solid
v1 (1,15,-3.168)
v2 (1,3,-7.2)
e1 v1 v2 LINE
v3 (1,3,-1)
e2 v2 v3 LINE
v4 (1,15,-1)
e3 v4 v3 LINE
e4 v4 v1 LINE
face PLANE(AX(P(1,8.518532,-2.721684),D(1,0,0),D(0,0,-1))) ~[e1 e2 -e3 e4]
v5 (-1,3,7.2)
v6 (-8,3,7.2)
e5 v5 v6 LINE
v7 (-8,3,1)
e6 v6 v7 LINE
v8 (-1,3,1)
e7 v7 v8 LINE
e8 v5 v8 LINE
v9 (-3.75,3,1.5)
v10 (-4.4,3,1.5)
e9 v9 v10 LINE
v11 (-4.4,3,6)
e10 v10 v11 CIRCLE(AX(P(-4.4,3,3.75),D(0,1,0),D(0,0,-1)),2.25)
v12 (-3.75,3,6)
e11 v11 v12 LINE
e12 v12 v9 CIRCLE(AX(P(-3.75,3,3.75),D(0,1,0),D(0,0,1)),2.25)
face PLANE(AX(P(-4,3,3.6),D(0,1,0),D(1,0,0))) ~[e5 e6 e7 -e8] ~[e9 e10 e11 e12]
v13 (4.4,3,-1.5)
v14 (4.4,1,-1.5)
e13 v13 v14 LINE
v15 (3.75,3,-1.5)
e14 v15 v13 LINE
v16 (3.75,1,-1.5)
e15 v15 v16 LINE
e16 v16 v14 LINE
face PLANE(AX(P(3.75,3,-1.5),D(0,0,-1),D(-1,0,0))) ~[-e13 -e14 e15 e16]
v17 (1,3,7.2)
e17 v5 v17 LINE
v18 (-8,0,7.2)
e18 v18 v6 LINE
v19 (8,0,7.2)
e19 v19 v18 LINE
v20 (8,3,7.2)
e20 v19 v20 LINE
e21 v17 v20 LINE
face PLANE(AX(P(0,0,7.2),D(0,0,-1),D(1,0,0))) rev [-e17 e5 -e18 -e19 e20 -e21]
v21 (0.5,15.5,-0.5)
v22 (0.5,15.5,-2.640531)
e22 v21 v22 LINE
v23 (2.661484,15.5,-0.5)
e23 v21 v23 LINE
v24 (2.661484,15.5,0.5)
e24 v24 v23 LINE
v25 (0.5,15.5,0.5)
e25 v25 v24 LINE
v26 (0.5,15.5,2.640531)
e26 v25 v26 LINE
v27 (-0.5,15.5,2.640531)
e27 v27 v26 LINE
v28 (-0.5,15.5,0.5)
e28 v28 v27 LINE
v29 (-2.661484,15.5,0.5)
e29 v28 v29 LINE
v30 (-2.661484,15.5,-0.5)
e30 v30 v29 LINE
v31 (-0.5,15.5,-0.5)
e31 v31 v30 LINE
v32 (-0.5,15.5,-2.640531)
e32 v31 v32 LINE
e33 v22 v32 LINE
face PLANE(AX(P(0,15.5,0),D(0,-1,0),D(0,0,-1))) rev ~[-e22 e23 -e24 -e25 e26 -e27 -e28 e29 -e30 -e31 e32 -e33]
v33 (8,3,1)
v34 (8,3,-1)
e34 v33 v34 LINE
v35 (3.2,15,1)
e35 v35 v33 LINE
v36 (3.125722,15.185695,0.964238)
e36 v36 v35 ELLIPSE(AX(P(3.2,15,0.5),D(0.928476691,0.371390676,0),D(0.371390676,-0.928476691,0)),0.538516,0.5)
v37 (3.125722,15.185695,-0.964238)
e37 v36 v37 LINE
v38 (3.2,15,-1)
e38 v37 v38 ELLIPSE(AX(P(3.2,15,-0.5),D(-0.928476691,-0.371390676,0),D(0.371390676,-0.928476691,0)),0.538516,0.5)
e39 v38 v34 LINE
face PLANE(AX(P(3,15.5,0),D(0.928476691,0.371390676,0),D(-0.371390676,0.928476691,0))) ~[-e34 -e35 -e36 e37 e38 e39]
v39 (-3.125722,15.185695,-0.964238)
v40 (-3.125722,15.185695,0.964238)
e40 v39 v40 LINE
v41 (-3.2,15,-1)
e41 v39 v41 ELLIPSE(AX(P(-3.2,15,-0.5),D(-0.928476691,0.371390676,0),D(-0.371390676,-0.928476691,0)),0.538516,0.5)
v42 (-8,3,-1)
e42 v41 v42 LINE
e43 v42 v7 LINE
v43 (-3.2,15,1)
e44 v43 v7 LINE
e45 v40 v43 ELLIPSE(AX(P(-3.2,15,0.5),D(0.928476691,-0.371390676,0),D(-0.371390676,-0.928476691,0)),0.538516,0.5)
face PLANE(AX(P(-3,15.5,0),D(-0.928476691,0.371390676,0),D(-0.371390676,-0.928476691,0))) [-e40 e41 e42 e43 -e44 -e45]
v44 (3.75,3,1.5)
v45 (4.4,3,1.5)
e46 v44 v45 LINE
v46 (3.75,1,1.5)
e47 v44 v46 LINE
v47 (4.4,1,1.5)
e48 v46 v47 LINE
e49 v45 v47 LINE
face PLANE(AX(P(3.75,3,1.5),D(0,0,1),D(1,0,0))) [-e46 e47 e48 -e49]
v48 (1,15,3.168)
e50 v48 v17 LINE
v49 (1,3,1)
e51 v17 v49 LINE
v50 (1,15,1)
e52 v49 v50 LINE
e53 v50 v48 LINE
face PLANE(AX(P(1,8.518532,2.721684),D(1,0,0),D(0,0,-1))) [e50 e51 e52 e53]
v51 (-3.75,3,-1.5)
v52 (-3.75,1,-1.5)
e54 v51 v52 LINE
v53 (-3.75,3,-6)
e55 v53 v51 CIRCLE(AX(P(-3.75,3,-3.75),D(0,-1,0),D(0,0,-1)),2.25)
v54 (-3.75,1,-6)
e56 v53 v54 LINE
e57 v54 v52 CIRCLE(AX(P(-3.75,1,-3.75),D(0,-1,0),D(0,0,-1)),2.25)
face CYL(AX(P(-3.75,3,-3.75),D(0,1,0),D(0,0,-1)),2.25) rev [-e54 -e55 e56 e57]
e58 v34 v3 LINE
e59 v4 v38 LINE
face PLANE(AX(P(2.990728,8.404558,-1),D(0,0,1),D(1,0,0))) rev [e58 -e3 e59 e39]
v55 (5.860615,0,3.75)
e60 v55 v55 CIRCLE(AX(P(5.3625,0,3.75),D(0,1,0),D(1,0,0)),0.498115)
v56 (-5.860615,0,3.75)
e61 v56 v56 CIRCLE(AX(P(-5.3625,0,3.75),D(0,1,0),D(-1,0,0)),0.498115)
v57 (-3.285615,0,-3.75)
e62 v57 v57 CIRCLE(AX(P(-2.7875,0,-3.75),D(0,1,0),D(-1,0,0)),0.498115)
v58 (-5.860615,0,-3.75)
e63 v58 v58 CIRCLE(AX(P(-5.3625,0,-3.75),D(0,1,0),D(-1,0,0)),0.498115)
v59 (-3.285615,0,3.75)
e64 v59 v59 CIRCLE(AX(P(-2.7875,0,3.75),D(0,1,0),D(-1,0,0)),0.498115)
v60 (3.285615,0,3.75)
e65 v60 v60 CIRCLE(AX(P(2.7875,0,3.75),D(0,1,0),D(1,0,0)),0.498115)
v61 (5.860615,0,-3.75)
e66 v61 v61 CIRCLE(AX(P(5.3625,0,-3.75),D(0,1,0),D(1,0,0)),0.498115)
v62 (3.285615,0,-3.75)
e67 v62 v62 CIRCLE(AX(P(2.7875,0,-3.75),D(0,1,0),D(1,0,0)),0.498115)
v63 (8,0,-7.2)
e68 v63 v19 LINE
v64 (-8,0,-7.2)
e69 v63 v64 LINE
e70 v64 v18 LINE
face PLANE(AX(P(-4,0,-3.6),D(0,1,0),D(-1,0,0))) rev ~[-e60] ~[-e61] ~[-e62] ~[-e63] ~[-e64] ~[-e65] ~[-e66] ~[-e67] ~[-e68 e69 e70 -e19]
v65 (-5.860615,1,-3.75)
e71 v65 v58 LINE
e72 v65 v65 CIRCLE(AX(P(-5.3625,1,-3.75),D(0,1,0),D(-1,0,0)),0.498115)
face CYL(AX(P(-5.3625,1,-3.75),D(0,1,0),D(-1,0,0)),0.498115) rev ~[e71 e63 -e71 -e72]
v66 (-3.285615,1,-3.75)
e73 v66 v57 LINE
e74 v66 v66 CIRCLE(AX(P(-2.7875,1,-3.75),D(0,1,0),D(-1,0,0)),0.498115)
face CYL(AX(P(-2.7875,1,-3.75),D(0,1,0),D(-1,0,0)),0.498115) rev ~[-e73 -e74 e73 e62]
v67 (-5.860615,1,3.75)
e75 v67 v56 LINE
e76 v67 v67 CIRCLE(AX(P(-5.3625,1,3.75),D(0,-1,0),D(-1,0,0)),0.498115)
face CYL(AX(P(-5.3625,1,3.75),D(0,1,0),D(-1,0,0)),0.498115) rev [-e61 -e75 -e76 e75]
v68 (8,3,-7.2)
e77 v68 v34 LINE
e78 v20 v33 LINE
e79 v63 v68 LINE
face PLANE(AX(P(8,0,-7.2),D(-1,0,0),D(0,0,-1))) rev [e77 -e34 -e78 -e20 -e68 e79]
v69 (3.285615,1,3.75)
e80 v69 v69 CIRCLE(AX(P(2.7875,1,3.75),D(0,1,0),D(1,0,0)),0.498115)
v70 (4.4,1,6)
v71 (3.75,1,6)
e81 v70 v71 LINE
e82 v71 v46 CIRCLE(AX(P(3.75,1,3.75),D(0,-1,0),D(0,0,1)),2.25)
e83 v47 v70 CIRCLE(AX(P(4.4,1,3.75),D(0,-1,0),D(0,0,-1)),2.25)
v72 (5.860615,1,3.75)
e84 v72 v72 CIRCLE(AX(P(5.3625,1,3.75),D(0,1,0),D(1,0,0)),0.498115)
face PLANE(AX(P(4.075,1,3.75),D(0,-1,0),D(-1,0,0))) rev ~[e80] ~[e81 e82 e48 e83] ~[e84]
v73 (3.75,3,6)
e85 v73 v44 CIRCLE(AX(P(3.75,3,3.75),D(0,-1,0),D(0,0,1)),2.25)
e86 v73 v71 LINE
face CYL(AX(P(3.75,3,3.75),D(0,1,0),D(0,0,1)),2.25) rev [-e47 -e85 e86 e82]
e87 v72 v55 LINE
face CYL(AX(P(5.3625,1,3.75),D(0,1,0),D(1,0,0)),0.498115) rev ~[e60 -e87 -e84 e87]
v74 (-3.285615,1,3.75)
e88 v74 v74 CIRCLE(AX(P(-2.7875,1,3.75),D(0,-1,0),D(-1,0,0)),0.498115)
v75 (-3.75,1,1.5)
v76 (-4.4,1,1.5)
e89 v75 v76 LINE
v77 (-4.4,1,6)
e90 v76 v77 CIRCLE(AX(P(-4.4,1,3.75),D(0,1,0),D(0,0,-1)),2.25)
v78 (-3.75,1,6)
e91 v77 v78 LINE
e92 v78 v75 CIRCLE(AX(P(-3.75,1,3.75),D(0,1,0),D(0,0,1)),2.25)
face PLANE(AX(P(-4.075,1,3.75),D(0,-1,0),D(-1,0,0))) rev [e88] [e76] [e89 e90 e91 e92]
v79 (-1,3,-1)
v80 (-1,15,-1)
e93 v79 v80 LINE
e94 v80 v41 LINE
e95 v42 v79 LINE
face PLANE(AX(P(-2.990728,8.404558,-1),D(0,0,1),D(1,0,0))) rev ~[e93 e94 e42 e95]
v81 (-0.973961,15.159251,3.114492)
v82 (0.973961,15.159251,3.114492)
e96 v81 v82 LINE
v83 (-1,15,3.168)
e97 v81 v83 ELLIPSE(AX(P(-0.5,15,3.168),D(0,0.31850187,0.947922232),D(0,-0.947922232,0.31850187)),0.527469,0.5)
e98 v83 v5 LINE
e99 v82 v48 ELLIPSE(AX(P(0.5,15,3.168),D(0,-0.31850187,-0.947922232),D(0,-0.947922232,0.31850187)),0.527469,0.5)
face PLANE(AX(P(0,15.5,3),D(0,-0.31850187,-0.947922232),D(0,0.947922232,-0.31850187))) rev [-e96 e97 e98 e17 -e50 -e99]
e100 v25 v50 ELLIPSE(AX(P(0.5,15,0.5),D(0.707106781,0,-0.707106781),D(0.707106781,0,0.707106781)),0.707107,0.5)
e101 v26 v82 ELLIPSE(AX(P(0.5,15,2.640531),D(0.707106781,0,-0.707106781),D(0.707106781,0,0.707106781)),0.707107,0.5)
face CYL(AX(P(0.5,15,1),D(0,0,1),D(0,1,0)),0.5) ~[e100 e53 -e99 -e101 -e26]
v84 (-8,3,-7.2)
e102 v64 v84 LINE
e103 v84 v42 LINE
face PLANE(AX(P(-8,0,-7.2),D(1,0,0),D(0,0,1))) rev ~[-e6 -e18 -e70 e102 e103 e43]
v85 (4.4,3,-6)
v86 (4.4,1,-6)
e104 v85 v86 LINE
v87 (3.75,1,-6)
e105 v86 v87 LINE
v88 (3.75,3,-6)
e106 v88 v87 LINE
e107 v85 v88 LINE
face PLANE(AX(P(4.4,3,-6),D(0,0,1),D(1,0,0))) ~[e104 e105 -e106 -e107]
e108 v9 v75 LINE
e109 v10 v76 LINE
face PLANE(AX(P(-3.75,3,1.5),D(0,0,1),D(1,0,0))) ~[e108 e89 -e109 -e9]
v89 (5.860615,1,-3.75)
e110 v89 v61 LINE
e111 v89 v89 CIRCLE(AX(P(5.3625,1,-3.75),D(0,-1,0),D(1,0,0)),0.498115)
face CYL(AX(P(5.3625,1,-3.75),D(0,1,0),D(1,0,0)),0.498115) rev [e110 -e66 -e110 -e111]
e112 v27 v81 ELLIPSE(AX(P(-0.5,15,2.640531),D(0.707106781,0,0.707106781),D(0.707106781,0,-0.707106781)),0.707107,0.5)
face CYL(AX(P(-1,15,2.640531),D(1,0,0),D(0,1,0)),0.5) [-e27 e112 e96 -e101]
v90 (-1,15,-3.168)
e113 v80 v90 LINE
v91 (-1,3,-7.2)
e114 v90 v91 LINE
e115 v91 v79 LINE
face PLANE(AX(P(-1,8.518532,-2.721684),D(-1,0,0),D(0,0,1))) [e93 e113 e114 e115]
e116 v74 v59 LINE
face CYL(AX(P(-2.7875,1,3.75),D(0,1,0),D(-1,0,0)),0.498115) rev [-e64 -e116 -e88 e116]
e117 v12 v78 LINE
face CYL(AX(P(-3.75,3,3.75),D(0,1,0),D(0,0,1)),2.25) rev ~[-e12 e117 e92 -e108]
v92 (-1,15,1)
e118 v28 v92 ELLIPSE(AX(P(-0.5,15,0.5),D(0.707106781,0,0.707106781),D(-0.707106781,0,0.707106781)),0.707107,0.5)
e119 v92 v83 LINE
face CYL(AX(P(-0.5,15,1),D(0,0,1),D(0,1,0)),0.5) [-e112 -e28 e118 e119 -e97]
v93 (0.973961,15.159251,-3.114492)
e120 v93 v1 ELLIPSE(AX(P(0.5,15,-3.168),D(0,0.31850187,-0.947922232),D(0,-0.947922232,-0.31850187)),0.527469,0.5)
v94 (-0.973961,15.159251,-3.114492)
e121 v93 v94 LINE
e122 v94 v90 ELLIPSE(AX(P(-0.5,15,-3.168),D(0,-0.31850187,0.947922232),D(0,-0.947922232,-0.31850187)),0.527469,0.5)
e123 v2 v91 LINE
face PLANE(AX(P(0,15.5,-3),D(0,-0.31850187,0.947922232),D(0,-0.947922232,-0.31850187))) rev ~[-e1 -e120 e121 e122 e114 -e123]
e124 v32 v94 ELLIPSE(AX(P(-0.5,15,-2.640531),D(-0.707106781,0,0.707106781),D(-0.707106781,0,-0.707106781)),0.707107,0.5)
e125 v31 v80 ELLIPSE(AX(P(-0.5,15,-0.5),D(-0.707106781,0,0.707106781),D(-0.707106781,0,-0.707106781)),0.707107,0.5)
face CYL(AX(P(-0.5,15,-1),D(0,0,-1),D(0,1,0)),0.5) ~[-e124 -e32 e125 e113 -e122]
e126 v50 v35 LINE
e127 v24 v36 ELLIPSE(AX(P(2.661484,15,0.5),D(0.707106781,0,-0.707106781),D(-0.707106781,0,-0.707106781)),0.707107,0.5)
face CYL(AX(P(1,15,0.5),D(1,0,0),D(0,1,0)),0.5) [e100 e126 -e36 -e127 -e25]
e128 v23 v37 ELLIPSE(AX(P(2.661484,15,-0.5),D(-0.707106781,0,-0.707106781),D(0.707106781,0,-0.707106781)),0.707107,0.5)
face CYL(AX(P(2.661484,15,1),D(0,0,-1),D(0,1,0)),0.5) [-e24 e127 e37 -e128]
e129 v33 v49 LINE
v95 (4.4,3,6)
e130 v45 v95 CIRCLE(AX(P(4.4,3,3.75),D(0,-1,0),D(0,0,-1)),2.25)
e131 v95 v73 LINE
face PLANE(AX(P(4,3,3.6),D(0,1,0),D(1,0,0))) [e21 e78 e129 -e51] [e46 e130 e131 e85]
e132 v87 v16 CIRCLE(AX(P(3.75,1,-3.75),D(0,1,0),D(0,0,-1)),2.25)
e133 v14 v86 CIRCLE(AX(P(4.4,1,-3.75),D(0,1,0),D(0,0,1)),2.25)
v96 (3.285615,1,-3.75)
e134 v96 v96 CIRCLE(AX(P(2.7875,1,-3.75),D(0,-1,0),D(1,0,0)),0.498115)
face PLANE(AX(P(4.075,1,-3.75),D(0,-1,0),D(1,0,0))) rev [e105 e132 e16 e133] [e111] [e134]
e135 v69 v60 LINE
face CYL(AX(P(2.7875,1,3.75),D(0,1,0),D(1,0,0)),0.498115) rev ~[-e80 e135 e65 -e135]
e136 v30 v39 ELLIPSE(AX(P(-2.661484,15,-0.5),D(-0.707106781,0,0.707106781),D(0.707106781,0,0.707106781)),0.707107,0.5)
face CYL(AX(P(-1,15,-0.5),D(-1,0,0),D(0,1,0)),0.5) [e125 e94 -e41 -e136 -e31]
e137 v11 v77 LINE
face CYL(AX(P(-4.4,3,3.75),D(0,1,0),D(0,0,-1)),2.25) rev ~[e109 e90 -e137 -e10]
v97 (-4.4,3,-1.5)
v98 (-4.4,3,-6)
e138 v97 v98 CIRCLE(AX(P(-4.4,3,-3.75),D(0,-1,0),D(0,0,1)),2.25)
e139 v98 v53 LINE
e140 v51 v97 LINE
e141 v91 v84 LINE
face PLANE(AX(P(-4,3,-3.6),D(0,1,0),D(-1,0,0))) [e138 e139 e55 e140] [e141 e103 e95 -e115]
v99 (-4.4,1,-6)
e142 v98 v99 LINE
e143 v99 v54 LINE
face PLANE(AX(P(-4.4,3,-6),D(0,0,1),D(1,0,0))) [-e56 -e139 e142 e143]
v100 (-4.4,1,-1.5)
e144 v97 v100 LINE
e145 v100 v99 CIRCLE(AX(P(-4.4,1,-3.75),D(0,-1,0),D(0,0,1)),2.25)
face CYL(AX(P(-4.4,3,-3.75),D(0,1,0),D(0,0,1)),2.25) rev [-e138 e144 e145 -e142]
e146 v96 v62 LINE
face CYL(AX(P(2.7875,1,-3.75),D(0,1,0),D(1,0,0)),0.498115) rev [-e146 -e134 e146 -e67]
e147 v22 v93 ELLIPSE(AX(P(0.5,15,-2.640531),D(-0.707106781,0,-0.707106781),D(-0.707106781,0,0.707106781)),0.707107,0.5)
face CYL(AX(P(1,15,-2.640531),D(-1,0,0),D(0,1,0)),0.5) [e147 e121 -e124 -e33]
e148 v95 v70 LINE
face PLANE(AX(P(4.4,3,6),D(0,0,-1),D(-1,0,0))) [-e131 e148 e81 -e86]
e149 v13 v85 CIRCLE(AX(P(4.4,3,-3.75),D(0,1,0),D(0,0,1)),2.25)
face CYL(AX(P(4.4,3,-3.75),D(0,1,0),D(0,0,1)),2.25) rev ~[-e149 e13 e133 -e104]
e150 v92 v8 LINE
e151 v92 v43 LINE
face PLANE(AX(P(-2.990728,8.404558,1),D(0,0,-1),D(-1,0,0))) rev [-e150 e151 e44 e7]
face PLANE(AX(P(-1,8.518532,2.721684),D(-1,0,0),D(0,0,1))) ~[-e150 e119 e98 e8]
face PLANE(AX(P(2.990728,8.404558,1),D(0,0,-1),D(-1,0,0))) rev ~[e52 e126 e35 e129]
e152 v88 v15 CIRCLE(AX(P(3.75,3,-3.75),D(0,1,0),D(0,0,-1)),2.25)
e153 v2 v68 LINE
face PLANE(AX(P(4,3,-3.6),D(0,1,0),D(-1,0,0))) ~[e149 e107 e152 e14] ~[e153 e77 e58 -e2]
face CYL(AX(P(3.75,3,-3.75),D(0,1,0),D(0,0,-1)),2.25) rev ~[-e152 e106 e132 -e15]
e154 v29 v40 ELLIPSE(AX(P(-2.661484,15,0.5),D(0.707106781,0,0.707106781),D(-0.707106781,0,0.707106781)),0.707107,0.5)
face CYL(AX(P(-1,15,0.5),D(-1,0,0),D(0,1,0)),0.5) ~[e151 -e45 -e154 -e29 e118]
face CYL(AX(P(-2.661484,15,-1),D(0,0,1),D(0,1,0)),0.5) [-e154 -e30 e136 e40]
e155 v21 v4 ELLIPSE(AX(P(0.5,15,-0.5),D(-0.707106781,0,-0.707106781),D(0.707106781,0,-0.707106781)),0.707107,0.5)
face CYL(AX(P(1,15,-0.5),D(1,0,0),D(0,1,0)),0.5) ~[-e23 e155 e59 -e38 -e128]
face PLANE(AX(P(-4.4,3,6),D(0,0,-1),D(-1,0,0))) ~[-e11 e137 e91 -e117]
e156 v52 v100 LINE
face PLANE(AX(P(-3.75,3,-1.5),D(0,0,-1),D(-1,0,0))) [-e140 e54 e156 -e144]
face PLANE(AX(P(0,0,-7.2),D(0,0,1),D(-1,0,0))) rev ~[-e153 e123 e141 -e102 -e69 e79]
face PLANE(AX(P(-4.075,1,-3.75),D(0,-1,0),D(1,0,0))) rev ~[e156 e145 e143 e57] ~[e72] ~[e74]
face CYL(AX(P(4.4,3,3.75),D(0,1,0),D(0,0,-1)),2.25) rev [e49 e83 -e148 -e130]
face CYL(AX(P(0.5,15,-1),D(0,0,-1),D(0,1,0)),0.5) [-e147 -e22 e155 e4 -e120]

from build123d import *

# Parameters (mm, degrees)
SKETCH1_W                = 8
SKETCH1_H                = 7.2
BOSS_EXTRUDE1_DEPTH      = 3
CUT_EXTRUDE1_DEPTH       = 2
SKETCH3_R                = 0.49811532
CUT_EXTRUDE2_DEPTH       = 2
BOSS_EXTRUDE2_DEPTH      = 1
BOSS_EXTRUDE3_DEPTH      = 1
MIRROR22_COPY_1_SKETCH_W = 8
MIRROR22_COPY_1_SKETCH_H = 7.2
MIRROR22_COPY_1_DEPTH    = 3
MIRROR22_COPY_2_DEPTH    = 2
MIRROR22_COPY_3_SKETCH_R = 0.49811532
MIRROR22_COPY_3_DEPTH    = 2
MIRROR22_COPY_4_DEPTH    = 1
MIRROR22_COPY_5_DEPTH    = 1
MIRROR22_COPY_6_DEPTH    = 1
MIRROR22_COPY_7_DEPTH    = 1
FILLET6_R                = 0.5


with BuildPart() as part:
    # Sketch1 → Boss-Extrude1 (new body)
    with BuildSketch(Plane(origin=(0, 0, 0), x_dir=(1, 0, 0), z_dir=(0, 1, 0))):
        with Locations((4, -3.6)):
            Rectangle(SKETCH1_W, SKETCH1_H)
    boss_extrude1 = extrude(amount=BOSS_EXTRUDE1_DEPTH)

    # Sketch2 → Cut-Extrude1 (cut)
    with BuildSketch(Plane(origin=(0, 3, 0), x_dir=(1, 0, 0), z_dir=(0, 1, 0))):
        with BuildLine():
            Line((3.75, -1.5), (4.4, -1.5))
            ThreePointArc((4.4, -1.5), (6.65, -3.75), (4.4, -6))
            Line((4.4, -6), (3.75, -6))
            ThreePointArc((3.75, -6), (1.5, -3.75), (3.75, -1.5))
        make_face()
    cut_extrude1 = extrude(amount=-CUT_EXTRUDE1_DEPTH, mode=Mode.SUBTRACT)

    # Sketch3 → Cut-Extrude2 (cut, through all)
    with BuildSketch(Plane(origin=(0, 1, 0), x_dir=(1, 0, 0), z_dir=(0, 1, 0))):
        with Locations((2.7875, -3.75)):
            Circle(SKETCH3_R)
        with Locations((5.3625, -3.75)):
            Circle(SKETCH3_R)
    cut_extrude2 = extrude(amount=-CUT_EXTRUDE2_DEPTH, mode=Mode.SUBTRACT)

    # Sketch4 → Boss-Extrude2 (add)
    with BuildSketch(Plane.ZY):
        Polygon((0, 3), (0, 15.5), (3, 15.5), (7.2, 3), align=None)
    boss_extrude2 = extrude(amount=-BOSS_EXTRUDE2_DEPTH)

    # Sketch7 → Boss-Extrude3 (add)
    with BuildSketch(Plane(origin=(0, 0, 0), x_dir=(-1, 0, 0), z_dir=(0, 0, -1))):
        Polygon((0, 15.5), (-3, 15.5), (-8, 3), (0, 3), align=None)
    boss_extrude3 = extrude(amount=-BOSS_EXTRUDE3_DEPTH)

    # Mirror16: Boss-Extrude1, Cut-Extrude1, Cut-Extrude2, Boss-Extrude2, Boss-Extrude3 across plane
    add(boss_extrude1.mirror(Plane(origin=(0, 3, 0), x_dir=(0, 0, 1), z_dir=(1, 0, 0))))
    add(cut_extrude1.mirror(Plane(origin=(0, 3, 0), x_dir=(0, 0, 1), z_dir=(1, 0, 0))), mode=Mode.SUBTRACT)
    add(cut_extrude2.mirror(Plane(origin=(0, 3, 0), x_dir=(0, 0, 1), z_dir=(1, 0, 0))), mode=Mode.SUBTRACT)
    add(boss_extrude2.mirror(Plane(origin=(0, 3, 0), x_dir=(0, 0, 1), z_dir=(1, 0, 0))))
    add(boss_extrude3.mirror(Plane(origin=(0, 3, 0), x_dir=(0, 0, 1), z_dir=(1, 0, 0))))

    # Mirror21: Boss-Extrude1, Cut-Extrude1, Cut-Extrude2, Boss-Extrude2, Boss-Extrude3 across plane
    add(boss_extrude1.mirror(Plane(origin=(0, 3, 0), x_dir=(1, 0, 0), z_dir=(0, 0, 1))))
    add(cut_extrude1.mirror(Plane(origin=(0, 3, 0), x_dir=(1, 0, 0), z_dir=(0, 0, 1))), mode=Mode.SUBTRACT)
    add(cut_extrude2.mirror(Plane(origin=(0, 3, 0), x_dir=(1, 0, 0), z_dir=(0, 0, 1))), mode=Mode.SUBTRACT)
    add(boss_extrude2.mirror(Plane(origin=(0, 3, 0), x_dir=(1, 0, 0), z_dir=(0, 0, 1))))
    add(boss_extrude3.mirror(Plane(origin=(0, 3, 0), x_dir=(1, 0, 0), z_dir=(0, 0, 1))))

    # Mirror22: Boss-Extrude1, Cut-Extrude1, Cut-Extrude2 across plane
    add(boss_extrude1.mirror(Plane(origin=(0, 3, 0), x_dir=(0, 0, 1), z_dir=(-1, 0, 0))))
    add(cut_extrude1.mirror(Plane(origin=(0, 3, 0), x_dir=(0, 0, 1), z_dir=(-1, 0, 0))), mode=Mode.SUBTRACT)
    add(cut_extrude2.mirror(Plane(origin=(0, 3, 0), x_dir=(0, 0, 1), z_dir=(-1, 0, 0))), mode=Mode.SUBTRACT)

    # Mirror22 copy 1 sketch → Mirror22 copy 1 (add)
    with BuildSketch(Plane(origin=(0, 0, 0), x_dir=(-1, 0, 0), z_dir=(0, 1, 0))):
        with Locations((4, -3.6)):
            Rectangle(MIRROR22_COPY_1_SKETCH_W, MIRROR22_COPY_1_SKETCH_H)
    extrude(amount=MIRROR22_COPY_1_DEPTH)

    # Mirror22 copy 2 sketch → Mirror22 copy 2 (cut)
    with BuildSketch(Plane(origin=(0, 3, 0), x_dir=(-1, 0, 0), z_dir=(0, 1, 0))):
        with BuildLine():
            Line((3.75, -1.5), (4.4, -1.5))
            ThreePointArc((4.4, -1.5), (6.65, -3.75), (4.4, -6))
            Line((4.4, -6), (3.75, -6))
            ThreePointArc((3.75, -6), (1.5, -3.75), (3.75, -1.5))
        make_face()
    extrude(amount=-MIRROR22_COPY_2_DEPTH, mode=Mode.SUBTRACT)

    # Mirror22 copy 3 sketch → Mirror22 copy 3 (cut, through all)
    with BuildSketch(Plane(origin=(0, 1, 0), x_dir=(-1, 0, 0), z_dir=(0, 1, 0))):
        with Locations((2.7875, -3.75)):
            Circle(MIRROR22_COPY_3_SKETCH_R)
        with Locations((5.3625, -3.75)):
            Circle(MIRROR22_COPY_3_SKETCH_R)
    extrude(amount=-MIRROR22_COPY_3_DEPTH, mode=Mode.SUBTRACT)

    # Mirror22 copy 4 sketch → Mirror22 copy 4 (add)
    with BuildSketch(Plane(origin=(0, 0, 0), x_dir=(0, 0, -1), z_dir=(1, 0, 0))):
        Polygon((0, 3), (0, 15.5), (3, 15.5), (7.2, 3), align=None)
    extrude(amount=-MIRROR22_COPY_4_DEPTH)

    # Mirror22 copy 5 sketch → Mirror22 copy 5 (add)
    with BuildSketch(Plane.XY):
        Polygon((0, 15.5), (-3, 15.5), (-8, 3), (0, 3), align=None)
    extrude(amount=-MIRROR22_COPY_5_DEPTH)

    # Mirror22 copy 6 sketch → Mirror22 copy 6 (add)
    with BuildSketch(Plane(origin=(0, 0, 0), x_dir=(0, 0, 1), z_dir=(1, 0, 0))):
        Polygon((0, -3), (0, -15.5), (3, -15.5), (7.2, -3), align=None)
    extrude(amount=-MIRROR22_COPY_6_DEPTH)

    # Mirror22 copy 7 sketch → Mirror22 copy 7 (add)
    with BuildSketch(Plane(origin=(0, 0, 0), x_dir=(1, 0, 0), z_dir=(0, 0, -1))):
        Polygon((0, -15.5), (-3, -15.5), (-8, -3), (0, -3), align=None)
    extrude(amount=-MIRROR22_COPY_7_DEPTH)

    # Fillet6
    fillet6_edges = [part.edges().sort_by_distance(p)[0] for p in [
        (-1, 15.5, 2),
        (-2, 15.5, 1),
        (-3, 15.5, 0),
        (0, 15.5, -3),
        (1, 15.5, -2),
        (2, 15.5, -1),
        (-1, 15.5, -2),
        (-2, 15.5, -1),
        (1, 15.5, 2),
        (0, 15.5, 3),
        (2, 15.5, 1),
        (3, 15.5, 0),
    ]]
    fillet(fillet6_edges, radius=FILLET6_R)


solid = part.part
